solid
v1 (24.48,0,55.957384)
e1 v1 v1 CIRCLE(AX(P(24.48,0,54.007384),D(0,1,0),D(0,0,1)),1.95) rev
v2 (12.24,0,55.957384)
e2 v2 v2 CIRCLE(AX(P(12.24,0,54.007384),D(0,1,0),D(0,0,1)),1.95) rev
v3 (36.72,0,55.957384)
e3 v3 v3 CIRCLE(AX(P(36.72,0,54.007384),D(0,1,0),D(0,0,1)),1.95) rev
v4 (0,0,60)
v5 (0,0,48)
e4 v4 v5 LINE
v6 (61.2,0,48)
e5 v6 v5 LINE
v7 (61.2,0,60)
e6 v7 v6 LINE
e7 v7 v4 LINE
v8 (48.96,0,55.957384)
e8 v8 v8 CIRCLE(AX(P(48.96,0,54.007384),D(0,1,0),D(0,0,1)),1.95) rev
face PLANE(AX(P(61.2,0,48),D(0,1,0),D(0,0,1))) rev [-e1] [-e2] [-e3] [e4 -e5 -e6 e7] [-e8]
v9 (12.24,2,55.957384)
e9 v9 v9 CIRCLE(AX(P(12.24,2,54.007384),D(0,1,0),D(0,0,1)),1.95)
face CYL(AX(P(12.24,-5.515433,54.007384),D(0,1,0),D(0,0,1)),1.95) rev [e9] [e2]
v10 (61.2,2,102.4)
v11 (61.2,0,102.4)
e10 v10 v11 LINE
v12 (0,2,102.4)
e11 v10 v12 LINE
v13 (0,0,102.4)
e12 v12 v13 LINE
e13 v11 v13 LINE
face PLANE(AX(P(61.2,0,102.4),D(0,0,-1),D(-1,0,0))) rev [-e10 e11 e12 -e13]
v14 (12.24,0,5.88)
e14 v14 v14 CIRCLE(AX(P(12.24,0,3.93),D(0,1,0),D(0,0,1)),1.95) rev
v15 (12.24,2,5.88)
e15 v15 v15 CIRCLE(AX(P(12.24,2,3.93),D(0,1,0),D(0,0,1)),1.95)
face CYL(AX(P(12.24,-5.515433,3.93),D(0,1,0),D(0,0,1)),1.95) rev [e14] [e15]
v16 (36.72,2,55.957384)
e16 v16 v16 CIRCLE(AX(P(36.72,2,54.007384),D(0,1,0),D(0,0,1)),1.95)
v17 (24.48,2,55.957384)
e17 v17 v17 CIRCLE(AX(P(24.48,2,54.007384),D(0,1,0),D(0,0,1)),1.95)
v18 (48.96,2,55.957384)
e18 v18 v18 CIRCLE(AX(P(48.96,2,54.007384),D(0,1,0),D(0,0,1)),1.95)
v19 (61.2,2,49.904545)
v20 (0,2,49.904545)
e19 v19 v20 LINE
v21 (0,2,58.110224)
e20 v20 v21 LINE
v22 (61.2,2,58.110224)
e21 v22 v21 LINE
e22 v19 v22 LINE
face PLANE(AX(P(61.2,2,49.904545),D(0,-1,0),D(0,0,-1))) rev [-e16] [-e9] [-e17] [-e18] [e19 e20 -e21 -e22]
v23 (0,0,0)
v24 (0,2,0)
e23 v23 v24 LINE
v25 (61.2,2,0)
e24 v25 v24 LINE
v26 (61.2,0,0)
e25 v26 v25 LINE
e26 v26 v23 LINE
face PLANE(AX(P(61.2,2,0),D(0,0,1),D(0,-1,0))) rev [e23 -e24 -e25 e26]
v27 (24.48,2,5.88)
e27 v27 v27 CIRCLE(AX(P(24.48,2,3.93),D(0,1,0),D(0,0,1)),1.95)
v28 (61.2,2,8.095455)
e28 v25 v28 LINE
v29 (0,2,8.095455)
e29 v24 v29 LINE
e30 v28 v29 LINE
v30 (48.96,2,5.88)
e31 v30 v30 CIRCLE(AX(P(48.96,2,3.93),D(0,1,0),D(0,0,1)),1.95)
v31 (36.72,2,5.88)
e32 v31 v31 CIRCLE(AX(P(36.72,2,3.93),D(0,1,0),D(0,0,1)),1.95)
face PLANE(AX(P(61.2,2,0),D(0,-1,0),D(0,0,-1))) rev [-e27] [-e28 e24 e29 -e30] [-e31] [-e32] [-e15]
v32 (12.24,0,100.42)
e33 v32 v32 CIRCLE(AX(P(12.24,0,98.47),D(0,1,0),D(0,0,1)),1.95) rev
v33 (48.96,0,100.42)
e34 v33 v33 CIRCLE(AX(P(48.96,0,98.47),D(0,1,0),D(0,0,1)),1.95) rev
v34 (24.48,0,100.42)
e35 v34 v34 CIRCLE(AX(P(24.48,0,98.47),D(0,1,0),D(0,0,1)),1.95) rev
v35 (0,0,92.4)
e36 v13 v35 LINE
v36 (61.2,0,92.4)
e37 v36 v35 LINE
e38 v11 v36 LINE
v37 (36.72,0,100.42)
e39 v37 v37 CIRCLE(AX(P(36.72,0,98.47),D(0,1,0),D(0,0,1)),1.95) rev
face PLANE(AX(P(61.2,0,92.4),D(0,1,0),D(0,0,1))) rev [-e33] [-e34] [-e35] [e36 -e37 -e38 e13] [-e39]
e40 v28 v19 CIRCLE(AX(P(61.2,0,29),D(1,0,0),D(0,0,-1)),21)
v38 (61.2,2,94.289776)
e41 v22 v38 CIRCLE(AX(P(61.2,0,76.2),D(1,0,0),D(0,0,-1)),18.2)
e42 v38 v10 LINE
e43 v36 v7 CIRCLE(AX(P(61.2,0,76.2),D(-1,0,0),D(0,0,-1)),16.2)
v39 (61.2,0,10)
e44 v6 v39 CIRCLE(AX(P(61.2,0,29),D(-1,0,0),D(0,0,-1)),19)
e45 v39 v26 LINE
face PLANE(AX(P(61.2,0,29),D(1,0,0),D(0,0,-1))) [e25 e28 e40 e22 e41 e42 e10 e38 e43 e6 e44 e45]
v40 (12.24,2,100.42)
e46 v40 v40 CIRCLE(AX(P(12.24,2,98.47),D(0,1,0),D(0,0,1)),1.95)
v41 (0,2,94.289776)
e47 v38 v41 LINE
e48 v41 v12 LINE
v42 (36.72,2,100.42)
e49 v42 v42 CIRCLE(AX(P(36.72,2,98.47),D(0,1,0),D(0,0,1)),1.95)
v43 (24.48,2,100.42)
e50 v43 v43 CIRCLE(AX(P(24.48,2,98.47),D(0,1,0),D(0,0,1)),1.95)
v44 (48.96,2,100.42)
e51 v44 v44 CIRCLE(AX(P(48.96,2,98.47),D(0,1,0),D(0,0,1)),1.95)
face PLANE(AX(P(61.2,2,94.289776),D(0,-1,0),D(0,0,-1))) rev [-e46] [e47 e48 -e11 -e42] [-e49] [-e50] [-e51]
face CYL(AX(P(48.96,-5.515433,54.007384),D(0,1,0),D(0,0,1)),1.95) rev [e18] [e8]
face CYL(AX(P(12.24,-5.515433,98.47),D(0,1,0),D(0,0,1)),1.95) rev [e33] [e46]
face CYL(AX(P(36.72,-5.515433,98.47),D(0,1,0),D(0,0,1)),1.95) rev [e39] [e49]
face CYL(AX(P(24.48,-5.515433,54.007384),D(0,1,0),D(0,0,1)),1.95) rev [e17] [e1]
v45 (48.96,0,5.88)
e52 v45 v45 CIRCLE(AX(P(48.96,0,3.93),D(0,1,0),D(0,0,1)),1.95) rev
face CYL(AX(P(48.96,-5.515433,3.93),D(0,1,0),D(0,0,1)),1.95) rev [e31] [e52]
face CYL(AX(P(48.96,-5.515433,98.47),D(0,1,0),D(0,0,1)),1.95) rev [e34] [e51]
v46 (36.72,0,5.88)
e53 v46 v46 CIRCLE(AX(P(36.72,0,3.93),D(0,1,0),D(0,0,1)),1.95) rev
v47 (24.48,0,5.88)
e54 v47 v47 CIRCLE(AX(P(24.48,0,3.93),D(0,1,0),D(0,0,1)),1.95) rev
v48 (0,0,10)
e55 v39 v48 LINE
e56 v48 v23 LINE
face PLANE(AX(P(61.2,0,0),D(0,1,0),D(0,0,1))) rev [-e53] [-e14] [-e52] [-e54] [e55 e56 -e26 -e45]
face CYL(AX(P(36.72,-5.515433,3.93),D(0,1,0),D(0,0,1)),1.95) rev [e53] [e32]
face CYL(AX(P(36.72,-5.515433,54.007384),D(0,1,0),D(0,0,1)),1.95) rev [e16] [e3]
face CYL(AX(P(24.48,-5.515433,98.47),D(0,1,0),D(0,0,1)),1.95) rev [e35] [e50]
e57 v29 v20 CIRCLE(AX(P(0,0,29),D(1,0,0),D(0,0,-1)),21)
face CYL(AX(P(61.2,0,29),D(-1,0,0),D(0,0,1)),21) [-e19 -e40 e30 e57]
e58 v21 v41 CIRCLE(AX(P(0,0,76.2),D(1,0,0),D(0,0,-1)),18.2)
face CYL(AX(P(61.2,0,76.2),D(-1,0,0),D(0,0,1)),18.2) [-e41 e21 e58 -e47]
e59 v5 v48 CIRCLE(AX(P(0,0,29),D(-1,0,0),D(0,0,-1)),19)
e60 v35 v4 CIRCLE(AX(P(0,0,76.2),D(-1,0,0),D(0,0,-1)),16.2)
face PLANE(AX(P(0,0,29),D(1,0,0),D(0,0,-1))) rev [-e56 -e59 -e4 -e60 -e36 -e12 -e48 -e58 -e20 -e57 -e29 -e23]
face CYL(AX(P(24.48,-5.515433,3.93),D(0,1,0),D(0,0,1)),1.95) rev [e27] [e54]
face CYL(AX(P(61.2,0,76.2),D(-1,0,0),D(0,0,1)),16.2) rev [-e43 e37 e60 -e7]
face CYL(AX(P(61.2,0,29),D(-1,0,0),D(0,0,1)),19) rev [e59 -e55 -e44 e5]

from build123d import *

# Parameters (mm, degrees)
BOSS_EXTRUDE1_DEPTH = 61.2
SKETCH3_R           = 1.95
CUT_EXTRUDE1_DEPTH  = 2


with BuildPart() as part:
    # Sketch2 → Boss-Extrude1 (new body)
    with BuildSketch(Plane(origin=(0, 0, 0), x_dir=(0, 0, -1), z_dir=(1, 0, 0))):
        with BuildLine():
            Line((0, 0), (-10, 0))
            ThreePointArc((-10, 0), (-29, 19), (-48, 0))
            Line((-48, 0), (-60, 0))
            ThreePointArc((-60, 0), (-76.2, 16.2), (-92.4, 0))
            Line((-92.4, 0), (-102.4, 0))
            Line((-102.4, 0), (-102.4, 2))
            Line((-102.4, 2), (-94.289776118, 2))
            ThreePointArc((-94.289776118, 2), (-76.2, 18.2), (-58.110223882, 2))
            Line((-58.110223882, 2), (-49.90454496, 2))
            ThreePointArc((-49.90454496, 2), (-29, 21), (-8.09545504, 2))
            Line((-8.09545504, 2), (0, 2))
            Line((0, 2), (0, 0))
        make_face()
    extrude(amount=BOSS_EXTRUDE1_DEPTH)

    # Sketch3 → Cut-Extrude1 (cut)
    with BuildSketch(Plane(origin=(0, 2, 0), x_dir=(1, 0, 0), z_dir=(0, 1, 0))):
        with Locations(Location((12.24, -3.93, 0), (0, 0, 270))):
            Circle(SKETCH3_R)
        with Locations(Location((24.48, -3.93, 0), (0, 0, 270))):
            Circle(SKETCH3_R)
        with Locations(Location((36.72, -3.93, 0), (0, 0, 270))):
            Circle(SKETCH3_R)
        with Locations(Location((48.96, -3.93, 0), (0, 0, 270))):
            Circle(SKETCH3_R)
        with Locations(Location((12.24, -54.007384421, 0), (0, 0, 270))):
            Circle(SKETCH3_R)
        with Locations(Location((24.48, -54.007384421, 0), (0, 0, 270))):
            Circle(SKETCH3_R)
        with Locations(Location((36.72, -54.007384421, 0), (0, 0, 270))):
            Circle(SKETCH3_R)
        with Locations(Location((48.96, -54.007384421, 0), (0, 0, 270))):
            Circle(SKETCH3_R)
        with Locations(Location((12.24, -98.47, 0), (0, 0, 270))):
            Circle(SKETCH3_R)
        with Locations(Location((24.48, -98.47, 0), (0, 0, 270))):
            Circle(SKETCH3_R)
        with Locations(Location((36.72, -98.47, 0), (0, 0, 270))):
            Circle(SKETCH3_R)
        with Locations(Location((48.96, -98.47, 0), (0, 0, 270))):
            Circle(SKETCH3_R)
    extrude(amount=-CUT_EXTRUDE1_DEPTH, mode=Mode.SUBTRACT)


solid = part.part
